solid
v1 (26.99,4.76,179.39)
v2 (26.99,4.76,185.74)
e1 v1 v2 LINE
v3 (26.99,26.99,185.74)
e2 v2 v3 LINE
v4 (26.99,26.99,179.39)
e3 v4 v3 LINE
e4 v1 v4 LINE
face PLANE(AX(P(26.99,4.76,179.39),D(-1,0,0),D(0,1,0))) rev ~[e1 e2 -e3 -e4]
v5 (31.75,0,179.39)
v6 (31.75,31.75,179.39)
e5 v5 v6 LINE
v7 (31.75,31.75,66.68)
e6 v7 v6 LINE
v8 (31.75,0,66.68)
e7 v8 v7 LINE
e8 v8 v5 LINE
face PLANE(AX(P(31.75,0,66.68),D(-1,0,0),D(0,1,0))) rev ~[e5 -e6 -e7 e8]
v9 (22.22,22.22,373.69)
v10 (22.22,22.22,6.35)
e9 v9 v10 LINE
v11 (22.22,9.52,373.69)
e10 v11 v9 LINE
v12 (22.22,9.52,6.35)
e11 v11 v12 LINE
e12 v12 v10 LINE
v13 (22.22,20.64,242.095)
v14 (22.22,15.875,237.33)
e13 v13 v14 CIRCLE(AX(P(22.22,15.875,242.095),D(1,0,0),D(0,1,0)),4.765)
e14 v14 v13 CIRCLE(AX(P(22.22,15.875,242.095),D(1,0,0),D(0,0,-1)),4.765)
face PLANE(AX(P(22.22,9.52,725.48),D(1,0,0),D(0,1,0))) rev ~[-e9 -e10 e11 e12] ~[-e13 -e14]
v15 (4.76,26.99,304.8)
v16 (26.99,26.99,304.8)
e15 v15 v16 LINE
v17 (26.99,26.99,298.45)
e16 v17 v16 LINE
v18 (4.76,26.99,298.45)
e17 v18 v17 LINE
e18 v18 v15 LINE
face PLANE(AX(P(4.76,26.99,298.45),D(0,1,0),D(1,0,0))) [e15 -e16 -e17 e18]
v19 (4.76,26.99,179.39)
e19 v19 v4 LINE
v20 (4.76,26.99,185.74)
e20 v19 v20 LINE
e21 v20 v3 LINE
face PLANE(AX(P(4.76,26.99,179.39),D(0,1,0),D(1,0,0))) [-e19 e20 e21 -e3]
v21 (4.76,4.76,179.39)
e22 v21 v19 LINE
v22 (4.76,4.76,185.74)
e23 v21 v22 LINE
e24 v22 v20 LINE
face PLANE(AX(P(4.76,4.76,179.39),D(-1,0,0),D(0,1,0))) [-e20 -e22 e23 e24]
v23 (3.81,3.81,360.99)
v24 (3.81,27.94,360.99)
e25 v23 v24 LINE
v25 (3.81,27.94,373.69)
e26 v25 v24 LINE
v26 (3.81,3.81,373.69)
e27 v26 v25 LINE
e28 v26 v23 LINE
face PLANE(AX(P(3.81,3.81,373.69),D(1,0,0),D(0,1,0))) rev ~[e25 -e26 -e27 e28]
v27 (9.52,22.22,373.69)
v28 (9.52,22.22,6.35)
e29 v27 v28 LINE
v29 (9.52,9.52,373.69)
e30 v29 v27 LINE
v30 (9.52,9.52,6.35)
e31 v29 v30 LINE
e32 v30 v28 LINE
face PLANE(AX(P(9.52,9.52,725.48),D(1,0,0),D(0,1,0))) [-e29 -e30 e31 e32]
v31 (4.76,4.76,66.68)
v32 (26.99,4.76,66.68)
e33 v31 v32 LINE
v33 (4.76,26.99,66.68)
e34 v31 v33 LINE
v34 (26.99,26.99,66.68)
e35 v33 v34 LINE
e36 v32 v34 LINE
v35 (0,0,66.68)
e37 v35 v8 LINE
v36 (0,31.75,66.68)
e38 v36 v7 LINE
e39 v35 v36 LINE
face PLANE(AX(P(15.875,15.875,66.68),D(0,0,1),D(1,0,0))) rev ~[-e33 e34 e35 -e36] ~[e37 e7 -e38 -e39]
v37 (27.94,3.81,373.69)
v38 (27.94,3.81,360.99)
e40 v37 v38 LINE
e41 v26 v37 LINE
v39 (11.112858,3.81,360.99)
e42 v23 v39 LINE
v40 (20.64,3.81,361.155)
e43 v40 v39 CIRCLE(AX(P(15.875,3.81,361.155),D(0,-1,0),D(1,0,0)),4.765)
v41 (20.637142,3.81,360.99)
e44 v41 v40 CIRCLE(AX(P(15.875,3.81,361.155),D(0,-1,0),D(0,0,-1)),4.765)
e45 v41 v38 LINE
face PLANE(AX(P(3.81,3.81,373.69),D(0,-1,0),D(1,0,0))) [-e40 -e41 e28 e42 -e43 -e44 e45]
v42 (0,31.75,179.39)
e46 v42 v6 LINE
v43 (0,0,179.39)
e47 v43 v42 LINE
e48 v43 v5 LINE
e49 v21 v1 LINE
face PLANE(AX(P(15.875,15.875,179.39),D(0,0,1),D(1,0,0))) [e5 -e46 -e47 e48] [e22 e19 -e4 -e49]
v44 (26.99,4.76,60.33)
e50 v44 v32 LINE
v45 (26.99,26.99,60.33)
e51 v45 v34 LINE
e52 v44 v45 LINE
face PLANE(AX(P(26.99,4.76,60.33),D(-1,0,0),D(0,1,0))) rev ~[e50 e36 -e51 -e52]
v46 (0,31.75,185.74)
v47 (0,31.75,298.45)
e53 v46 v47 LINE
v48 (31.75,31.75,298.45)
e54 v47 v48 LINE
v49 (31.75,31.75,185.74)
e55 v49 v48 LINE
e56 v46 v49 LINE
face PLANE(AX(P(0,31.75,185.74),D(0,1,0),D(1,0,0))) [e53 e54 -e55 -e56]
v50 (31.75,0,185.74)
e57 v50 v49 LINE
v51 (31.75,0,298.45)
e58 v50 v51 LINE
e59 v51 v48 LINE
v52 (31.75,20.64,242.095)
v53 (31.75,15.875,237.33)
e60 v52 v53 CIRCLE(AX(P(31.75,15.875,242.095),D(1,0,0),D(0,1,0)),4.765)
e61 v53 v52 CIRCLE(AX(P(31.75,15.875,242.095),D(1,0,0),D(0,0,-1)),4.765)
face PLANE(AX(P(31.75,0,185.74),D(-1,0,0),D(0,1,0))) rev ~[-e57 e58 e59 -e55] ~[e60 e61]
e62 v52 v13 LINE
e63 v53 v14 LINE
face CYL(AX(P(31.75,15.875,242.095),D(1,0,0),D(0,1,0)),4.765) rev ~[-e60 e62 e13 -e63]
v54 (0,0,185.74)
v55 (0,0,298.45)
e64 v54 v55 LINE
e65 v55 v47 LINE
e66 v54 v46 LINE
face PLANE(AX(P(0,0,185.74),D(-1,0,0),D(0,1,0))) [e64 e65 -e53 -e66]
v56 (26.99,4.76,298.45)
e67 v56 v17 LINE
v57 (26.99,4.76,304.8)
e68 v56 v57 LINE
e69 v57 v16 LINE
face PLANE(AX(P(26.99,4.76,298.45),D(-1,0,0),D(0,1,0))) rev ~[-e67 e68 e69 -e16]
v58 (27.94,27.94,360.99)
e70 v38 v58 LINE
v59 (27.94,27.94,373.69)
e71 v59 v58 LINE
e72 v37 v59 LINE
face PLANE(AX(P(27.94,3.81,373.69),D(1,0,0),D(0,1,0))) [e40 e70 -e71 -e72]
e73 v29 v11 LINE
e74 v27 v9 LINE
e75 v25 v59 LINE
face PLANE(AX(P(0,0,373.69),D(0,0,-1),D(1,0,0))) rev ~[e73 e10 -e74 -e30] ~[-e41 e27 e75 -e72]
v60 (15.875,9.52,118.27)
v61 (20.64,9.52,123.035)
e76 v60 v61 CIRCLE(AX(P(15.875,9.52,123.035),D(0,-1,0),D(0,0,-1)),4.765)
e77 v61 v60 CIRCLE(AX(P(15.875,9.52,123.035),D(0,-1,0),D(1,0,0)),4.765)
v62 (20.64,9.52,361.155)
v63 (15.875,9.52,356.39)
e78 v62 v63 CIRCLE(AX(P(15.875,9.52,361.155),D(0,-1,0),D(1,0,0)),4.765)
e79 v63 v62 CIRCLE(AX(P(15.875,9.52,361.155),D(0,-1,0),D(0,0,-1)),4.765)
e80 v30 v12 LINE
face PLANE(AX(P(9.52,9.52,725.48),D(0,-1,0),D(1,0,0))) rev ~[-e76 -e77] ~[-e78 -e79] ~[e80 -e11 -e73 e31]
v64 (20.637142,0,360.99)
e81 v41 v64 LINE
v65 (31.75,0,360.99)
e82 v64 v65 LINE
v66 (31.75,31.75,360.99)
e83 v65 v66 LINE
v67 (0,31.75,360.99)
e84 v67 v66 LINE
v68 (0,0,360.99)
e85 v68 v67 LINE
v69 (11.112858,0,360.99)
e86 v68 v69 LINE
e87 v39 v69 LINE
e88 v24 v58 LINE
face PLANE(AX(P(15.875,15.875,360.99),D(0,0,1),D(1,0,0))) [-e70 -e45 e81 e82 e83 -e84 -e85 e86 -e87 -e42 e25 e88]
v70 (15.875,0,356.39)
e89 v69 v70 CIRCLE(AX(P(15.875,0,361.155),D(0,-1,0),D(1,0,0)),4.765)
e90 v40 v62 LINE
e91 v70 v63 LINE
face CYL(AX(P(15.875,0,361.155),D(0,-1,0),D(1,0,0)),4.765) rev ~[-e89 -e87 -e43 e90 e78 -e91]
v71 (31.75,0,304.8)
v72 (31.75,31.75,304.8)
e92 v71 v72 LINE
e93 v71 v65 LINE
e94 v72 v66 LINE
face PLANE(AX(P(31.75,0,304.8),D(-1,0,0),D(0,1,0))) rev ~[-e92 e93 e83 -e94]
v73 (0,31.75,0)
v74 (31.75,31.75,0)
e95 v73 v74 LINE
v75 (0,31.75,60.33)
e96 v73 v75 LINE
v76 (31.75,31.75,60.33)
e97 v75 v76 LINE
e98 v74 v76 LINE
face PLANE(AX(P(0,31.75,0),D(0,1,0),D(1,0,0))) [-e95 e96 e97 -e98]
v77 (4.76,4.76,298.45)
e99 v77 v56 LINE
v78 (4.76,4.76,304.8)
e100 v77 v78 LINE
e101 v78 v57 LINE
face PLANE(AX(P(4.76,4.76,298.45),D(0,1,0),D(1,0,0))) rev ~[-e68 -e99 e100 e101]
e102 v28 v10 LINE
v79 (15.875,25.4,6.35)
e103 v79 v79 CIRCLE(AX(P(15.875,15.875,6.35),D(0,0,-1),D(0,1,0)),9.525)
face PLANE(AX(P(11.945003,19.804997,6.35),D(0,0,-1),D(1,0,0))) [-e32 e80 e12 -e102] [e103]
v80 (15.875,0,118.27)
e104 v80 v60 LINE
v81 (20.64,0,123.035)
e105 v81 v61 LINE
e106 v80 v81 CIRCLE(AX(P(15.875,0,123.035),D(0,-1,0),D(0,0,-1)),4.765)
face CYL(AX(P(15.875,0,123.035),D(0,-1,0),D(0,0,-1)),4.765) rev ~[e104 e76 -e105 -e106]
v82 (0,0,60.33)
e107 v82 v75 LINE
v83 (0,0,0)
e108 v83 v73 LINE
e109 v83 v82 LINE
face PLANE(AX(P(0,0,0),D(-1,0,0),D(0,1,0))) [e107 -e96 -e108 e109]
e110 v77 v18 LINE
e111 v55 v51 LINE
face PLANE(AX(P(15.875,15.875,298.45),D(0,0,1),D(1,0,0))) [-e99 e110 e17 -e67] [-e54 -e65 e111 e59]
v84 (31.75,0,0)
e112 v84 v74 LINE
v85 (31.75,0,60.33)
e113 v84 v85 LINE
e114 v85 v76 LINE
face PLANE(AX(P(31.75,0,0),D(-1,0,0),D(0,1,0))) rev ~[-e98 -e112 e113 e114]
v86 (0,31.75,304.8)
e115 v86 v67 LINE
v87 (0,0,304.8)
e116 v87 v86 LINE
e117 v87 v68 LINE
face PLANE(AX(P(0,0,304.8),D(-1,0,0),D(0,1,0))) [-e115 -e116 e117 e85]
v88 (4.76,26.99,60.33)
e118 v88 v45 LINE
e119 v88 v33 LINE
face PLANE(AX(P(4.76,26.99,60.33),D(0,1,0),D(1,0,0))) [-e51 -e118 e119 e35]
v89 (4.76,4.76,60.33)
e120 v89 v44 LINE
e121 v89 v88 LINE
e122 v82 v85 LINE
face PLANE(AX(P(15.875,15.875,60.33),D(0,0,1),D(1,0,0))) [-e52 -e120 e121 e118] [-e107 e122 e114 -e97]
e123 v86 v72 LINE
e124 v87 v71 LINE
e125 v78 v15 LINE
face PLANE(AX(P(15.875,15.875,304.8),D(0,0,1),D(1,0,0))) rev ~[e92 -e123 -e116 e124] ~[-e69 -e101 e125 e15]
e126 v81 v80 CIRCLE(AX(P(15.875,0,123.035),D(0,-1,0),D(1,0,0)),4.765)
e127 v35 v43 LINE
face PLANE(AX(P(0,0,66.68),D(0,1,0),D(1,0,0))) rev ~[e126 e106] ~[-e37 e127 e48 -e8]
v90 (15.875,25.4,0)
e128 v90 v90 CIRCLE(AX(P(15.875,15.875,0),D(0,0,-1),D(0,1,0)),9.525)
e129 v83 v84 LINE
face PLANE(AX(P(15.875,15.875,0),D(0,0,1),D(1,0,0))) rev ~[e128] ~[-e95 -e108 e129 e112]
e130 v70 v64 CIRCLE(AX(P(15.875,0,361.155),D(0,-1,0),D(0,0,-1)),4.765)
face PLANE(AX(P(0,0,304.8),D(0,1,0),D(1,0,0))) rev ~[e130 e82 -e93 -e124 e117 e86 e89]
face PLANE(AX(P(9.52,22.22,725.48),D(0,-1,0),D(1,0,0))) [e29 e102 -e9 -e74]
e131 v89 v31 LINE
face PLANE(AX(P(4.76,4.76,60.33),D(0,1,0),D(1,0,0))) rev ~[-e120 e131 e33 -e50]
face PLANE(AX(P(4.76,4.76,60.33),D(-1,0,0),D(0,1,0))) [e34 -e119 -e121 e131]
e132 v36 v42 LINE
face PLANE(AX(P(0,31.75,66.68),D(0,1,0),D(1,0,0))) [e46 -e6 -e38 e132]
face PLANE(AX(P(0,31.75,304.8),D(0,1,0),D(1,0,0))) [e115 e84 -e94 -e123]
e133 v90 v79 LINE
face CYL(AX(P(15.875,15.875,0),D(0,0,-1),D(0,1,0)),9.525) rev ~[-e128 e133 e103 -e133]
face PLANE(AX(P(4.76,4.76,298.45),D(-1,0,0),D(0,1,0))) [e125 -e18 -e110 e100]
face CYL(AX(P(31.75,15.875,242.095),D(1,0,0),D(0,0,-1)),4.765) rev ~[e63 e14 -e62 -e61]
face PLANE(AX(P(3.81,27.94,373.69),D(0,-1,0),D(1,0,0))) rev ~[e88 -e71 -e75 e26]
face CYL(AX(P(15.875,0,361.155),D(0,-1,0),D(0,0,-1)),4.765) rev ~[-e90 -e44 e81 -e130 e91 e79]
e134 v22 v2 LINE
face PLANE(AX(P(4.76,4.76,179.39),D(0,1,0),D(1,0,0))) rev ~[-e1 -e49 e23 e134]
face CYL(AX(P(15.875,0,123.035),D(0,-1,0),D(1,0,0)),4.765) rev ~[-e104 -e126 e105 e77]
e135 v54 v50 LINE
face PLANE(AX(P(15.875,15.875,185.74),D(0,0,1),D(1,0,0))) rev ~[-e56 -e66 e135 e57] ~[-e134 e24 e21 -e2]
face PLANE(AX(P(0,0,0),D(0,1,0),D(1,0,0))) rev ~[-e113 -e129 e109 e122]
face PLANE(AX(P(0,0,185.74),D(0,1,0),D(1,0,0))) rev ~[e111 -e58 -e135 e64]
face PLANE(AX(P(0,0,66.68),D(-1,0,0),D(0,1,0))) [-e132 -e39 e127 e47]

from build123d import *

# Parameters (mm, degrees)
F0_W      = 31.75
F0_H      = 31.75
F1_DEPTH  = 60.33
F2_W      = 22.23
F2_H      = 22.23
F3_DEPTH  = 6.35
F4_W      = 31.75
F4_H      = 31.75
F5_DEPTH  = 112.71
F6_W      = 22.23
F6_H      = 22.23
F7_DEPTH  = 6.35
F8_W      = 31.75
F8_H      = 31.75
F8_W_2    = 22.23
F8_H_2    = 22.23
F9_DEPTH  = 112.71
F10_W     = 22.23
F10_H     = 22.23
F11_DEPTH = 6.35
F12_W     = 31.75
F12_H     = 31.75
F12_W_2   = 22.23
F12_H_2   = 22.23
F13_DEPTH = 112.71
F14_W     = 22.23
F14_H     = 22.23
F15_DEPTH = 6.35
F16_W     = 31.75
F16_H     = 31.75
F17_DEPTH = 112.71
F18_W     = 22.23
F18_H     = 22.23
F19_DEPTH = 6.35
F20_W     = 31.75
F20_H     = 31.75
F20_W_2   = 22.23
F20_H_2   = 22.23
F21_DEPTH = 112.71
F22_W     = 22.23
F22_H     = 22.23
F23_DEPTH = 6.35
F24_W     = 31.75
F24_H     = 31.75
F24_W_2   = 22.23
F24_H_2   = 22.23
F25_DEPTH = 25.4
F26_W     = 22.23
F26_H     = 22.23
F27_DEPTH = 6.35
F28_W     = 31.75
F28_H     = 31.75
F28_W_2   = 22.23
F28_H_2   = 22.23
F29_DEPTH = 31.75
F32_DEPTH = 12.7
F34_DEPTH = 12.7
F36_DEPTH = 12.7
F38_DEPTH = 12.7
F40_DEPTH = 12.7
F41_W     = 12.7
F41_H     = 12.7
F42_DEPTH = 736.6
F43_DEPTH = 6.35
F44_W     = 31.75
F44_H     = 351.79
F45_DEPTH = 76.2
F46_W     = 31.75
F46_H     = 31.75
F46_W_2   = 24.13
F46_H_2   = 24.13
F47_DEPTH = 12.7


with BuildPart() as f1:
    # F0 (on Top) → F1 (new body)
    with BuildSketch(Plane.XY):
        with Locations((15.875, 15.875)):
            Rectangle(F0_W, F0_H)
    extrude(amount=F1_DEPTH)

    # F2 (on face) → F3 (join)
    with BuildSketch(Plane.XY.offset(60.33)):
        with Locations((15.875, 15.875)):
            Rectangle(F2_W, F2_H)
    extrude(amount=F3_DEPTH)

    # F4 (on face) → F5 (join)
    with BuildSketch(Plane.XY.offset(66.68)):
        with Locations((15.875, 15.875)):
            Rectangle(F4_W, F4_H)
    extrude(amount=F5_DEPTH)

    # F6 (on face) → F7 (join)
    with BuildSketch(Plane.XY.offset(179.39)):
        with Locations((15.875, 15.875)):
            Rectangle(F6_W, F6_H)
    extrude(amount=F7_DEPTH)

    # F8 (on face) → F9 (join)
    with BuildSketch(Plane.XY.offset(185.74)):
        with Locations((15.875, 15.875)):
            Rectangle(F8_W, F8_H)
        with Locations((15.875, 15.875)):
            Rectangle(F8_W_2, F8_H_2, mode=Mode.SUBTRACT)
        with Locations((15.875, 15.875)):
            Rectangle(F8_W_2, F8_H_2)
    extrude(amount=F9_DEPTH)

    # F10 (on face) → F11 (join)
    with BuildSketch(Plane.XY.offset(298.45)):
        with Locations((15.875, 15.875)):
            Rectangle(F10_W, F10_H)
    extrude(amount=F11_DEPTH)

    # F12 (on face) → F13 (join)
    with BuildSketch(Plane.XY.offset(304.8)):
        with Locations((15.875, 15.875)):
            Rectangle(F12_W, F12_H)
        with Locations((15.875, 15.875)):
            Rectangle(F12_W_2, F12_H_2, mode=Mode.SUBTRACT)
        with Locations((15.875, 15.875)):
            Rectangle(F12_W_2, F12_H_2)
    extrude(amount=F13_DEPTH)

    # F14 (on face) → F15 (join)
    with BuildSketch(Plane.XY.offset(417.51)):
        with Locations((15.875, 15.875)):
            Rectangle(F14_W, F14_H)
    extrude(amount=F15_DEPTH)

    # F16 (on face) → F17 (join)
    with BuildSketch(Plane.XY.offset(423.86)):
        with Locations((15.875, 15.875)):
            Rectangle(F16_W, F16_H)
    extrude(amount=F17_DEPTH)

    # F18 (on face) → F19 (join)
    with BuildSketch(Plane.XY.offset(536.57)):
        with Locations((15.875, 15.875)):
            Rectangle(F18_W, F18_H)
    extrude(amount=F19_DEPTH)

    # F20 (on face) → F21 (join)
    with BuildSketch(Plane.XY.offset(542.92)):
        with Locations((15.875, 15.875)):
            Rectangle(F20_W, F20_H)
        with Locations((15.875, 15.875)):
            Rectangle(F20_W_2, F20_H_2, mode=Mode.SUBTRACT)
        with Locations((15.875, 15.875)):
            Rectangle(F20_W_2, F20_H_2)
    extrude(amount=F21_DEPTH)

    # F22 (on face) → F23 (join)
    with BuildSketch(Plane.XY.offset(655.63)):
        with Locations((15.875, 15.875)):
            Rectangle(F22_W, F22_H)
    extrude(amount=F23_DEPTH)

    # F24 (on face) → F25 (join)
    with BuildSketch(Plane.XY.offset(661.98)):
        with Locations((15.875, 15.875)):
            Rectangle(F24_W, F24_H)
        with Locations((15.875, 15.875)):
            Rectangle(F24_W_2, F24_H_2, mode=Mode.SUBTRACT)
        with Locations((15.875, 15.875)):
            Rectangle(F24_W_2, F24_H_2)
    extrude(amount=F25_DEPTH)

    # F26 (on face) → F27 (join)
    with BuildSketch(Plane.XY.offset(687.38)):
        with Locations((15.875, 15.875)):
            Rectangle(F26_W, F26_H)
    extrude(amount=F27_DEPTH)

    # F28 (on face) → F29 (join)
    with BuildSketch(Plane.XY.offset(693.73)):
        with Locations((15.875, 15.875)):
            Rectangle(F28_W, F28_H)
        with Locations((15.875, 15.875)):
            Rectangle(F28_W_2, F28_H_2, mode=Mode.SUBTRACT)
        with Locations((15.875, 15.875)):
            Rectangle(F28_W_2, F28_H_2)
    extrude(amount=F29_DEPTH)

    # F31 (on face) → F32 (cut)
    with BuildSketch(Plane.XZ):
        with BuildLine():
            Line((15.875, 123.035), (20.64, 123.035))
            ThreePointArc((20.64, 123.035), (12.5056361876, 126.4043638124), (15.875, 118.27))
            Line((15.875, 118.27), (15.875, 123.035))
        make_face()
        with BuildLine():
            ThreePointArc((15.875, 118.27), (19.2443638124, 119.6656361876), (20.64, 123.035))
            Line((20.64, 123.035), (15.875, 123.035))
            Line((15.875, 123.035), (15.875, 118.27))
        make_face()
    extrude(amount=-F32_DEPTH, mode=Mode.SUBTRACT)

    # F33 (on face) → F34 (cut)
    with BuildSketch(Plane.YZ.offset(31.75)):
        with BuildLine():
            Line((15.875, 242.095), (20.64, 242.095))
            ThreePointArc((20.64, 242.095), (12.5056361876, 245.4643638124), (15.875, 237.33))
            Line((15.875, 237.33), (15.875, 242.095))
        make_face()
        with BuildLine():
            ThreePointArc((15.875, 237.33), (19.2443638124, 238.7256361876), (20.64, 242.095))
            Line((20.64, 242.095), (15.875, 242.095))
            Line((15.875, 242.095), (15.875, 237.33))
        make_face()
    extrude(amount=-F34_DEPTH, mode=Mode.SUBTRACT)

    # F35 (on face) → F36 (cut)
    with BuildSketch(Plane.XZ):
        with BuildLine():
            Line((15.875, 361.155), (20.64, 361.155))
            ThreePointArc((20.64, 361.155), (12.5056361876, 364.5243638124), (15.875, 356.39))
            Line((15.875, 356.39), (15.875, 361.155))
        make_face()
        with BuildLine():
            ThreePointArc((15.875, 356.39), (19.2443638124, 357.7856361876), (20.64, 361.155))
            Line((20.64, 361.155), (15.875, 361.155))
            Line((15.875, 361.155), (15.875, 356.39))
        make_face()
    extrude(amount=-F36_DEPTH, mode=Mode.SUBTRACT)

    # F37 (on face) → F38 (cut)
    with BuildSketch(Plane.YZ.offset(31.75)):
        with BuildLine():
            Line((15.875, 480.215), (20.64, 480.215))
            ThreePointArc((20.64, 480.215), (12.5056361876, 483.5843638124), (15.875, 475.45))
            Line((15.875, 475.45), (15.875, 480.215))
        make_face()
        with BuildLine():
            ThreePointArc((15.875, 475.45), (19.2443638124, 476.8456361876), (20.64, 480.215))
            Line((20.64, 480.215), (15.875, 480.215))
            Line((15.875, 480.215), (15.875, 475.45))
        make_face()
    extrude(amount=-F38_DEPTH, mode=Mode.SUBTRACT)

    # F39 (on face) → F40 (cut)
    with BuildSketch(Plane.XZ):
        with BuildLine():
            Line((15.875, 599.275), (20.64, 599.275))
            ThreePointArc((20.64, 599.275), (12.5056361876, 602.6443638124), (15.875, 594.51))
            Line((15.875, 594.51), (15.875, 599.275))
        make_face()
        with BuildLine():
            ThreePointArc((15.875, 594.51), (19.2443638124, 595.9056361876), (20.64, 599.275))
            Line((20.64, 599.275), (15.875, 599.275))
            Line((15.875, 599.275), (15.875, 594.51))
        make_face()
    extrude(amount=-F40_DEPTH, mode=Mode.SUBTRACT)

    # F41 (on face) → F42 (cut)
    with BuildSketch(Plane.XY.offset(725.48)):
        with Locations((15.87, 15.87)):
            Rectangle(F41_W, F41_H)
    extrude(amount=-F42_DEPTH, mode=Mode.SUBTRACT)

    # F30 (on face) → F43 (cut)
    with BuildSketch(Plane(origin=(0, 0, 0), x_dir=(1, 0, 0), z_dir=(0, 0, -1))):
        with BuildLine():
            ThreePointArc((6.35, -15.875), (9.1398079092, -22.6101920908), (15.875, -25.4))
            Line((15.875, -25.4), (15.875, -15.875))
            Line((15.875, -15.875), (6.35, -15.875))
        make_face()
        with BuildLine():
            Line((15.875, -15.875), (15.875, -25.4))
            ThreePointArc((15.875, -25.4), (22.6101920908, -22.6101920908), (25.4, -15.875))
            ThreePointArc((25.4, -15.875), (15.875, -6.35), (6.35, -15.875))
            Line((6.35, -15.875), (15.875, -15.875))
        make_face()
    extrude(amount=-F43_DEPTH, mode=Mode.SUBTRACT)

    # F44 (on face) → F45 (cut)
    with BuildSketch(Plane.XZ):
        with Locations((15.875, 549.585)):
            Rectangle(F44_W, F44_H)
    extrude(amount=-F45_DEPTH, mode=Mode.SUBTRACT)

    # F46 (on face) → F47 (cut)
    with BuildSketch(Plane.XY.offset(373.69)):
        with Locations((15.875, 15.875)):
            Rectangle(F46_W, F46_H)
        with Locations((15.875, 15.875)):
            Rectangle(F46_W_2, F46_H_2, mode=Mode.SUBTRACT)
    extrude(amount=-F47_DEPTH, mode=Mode.SUBTRACT)


solid = f1.part
